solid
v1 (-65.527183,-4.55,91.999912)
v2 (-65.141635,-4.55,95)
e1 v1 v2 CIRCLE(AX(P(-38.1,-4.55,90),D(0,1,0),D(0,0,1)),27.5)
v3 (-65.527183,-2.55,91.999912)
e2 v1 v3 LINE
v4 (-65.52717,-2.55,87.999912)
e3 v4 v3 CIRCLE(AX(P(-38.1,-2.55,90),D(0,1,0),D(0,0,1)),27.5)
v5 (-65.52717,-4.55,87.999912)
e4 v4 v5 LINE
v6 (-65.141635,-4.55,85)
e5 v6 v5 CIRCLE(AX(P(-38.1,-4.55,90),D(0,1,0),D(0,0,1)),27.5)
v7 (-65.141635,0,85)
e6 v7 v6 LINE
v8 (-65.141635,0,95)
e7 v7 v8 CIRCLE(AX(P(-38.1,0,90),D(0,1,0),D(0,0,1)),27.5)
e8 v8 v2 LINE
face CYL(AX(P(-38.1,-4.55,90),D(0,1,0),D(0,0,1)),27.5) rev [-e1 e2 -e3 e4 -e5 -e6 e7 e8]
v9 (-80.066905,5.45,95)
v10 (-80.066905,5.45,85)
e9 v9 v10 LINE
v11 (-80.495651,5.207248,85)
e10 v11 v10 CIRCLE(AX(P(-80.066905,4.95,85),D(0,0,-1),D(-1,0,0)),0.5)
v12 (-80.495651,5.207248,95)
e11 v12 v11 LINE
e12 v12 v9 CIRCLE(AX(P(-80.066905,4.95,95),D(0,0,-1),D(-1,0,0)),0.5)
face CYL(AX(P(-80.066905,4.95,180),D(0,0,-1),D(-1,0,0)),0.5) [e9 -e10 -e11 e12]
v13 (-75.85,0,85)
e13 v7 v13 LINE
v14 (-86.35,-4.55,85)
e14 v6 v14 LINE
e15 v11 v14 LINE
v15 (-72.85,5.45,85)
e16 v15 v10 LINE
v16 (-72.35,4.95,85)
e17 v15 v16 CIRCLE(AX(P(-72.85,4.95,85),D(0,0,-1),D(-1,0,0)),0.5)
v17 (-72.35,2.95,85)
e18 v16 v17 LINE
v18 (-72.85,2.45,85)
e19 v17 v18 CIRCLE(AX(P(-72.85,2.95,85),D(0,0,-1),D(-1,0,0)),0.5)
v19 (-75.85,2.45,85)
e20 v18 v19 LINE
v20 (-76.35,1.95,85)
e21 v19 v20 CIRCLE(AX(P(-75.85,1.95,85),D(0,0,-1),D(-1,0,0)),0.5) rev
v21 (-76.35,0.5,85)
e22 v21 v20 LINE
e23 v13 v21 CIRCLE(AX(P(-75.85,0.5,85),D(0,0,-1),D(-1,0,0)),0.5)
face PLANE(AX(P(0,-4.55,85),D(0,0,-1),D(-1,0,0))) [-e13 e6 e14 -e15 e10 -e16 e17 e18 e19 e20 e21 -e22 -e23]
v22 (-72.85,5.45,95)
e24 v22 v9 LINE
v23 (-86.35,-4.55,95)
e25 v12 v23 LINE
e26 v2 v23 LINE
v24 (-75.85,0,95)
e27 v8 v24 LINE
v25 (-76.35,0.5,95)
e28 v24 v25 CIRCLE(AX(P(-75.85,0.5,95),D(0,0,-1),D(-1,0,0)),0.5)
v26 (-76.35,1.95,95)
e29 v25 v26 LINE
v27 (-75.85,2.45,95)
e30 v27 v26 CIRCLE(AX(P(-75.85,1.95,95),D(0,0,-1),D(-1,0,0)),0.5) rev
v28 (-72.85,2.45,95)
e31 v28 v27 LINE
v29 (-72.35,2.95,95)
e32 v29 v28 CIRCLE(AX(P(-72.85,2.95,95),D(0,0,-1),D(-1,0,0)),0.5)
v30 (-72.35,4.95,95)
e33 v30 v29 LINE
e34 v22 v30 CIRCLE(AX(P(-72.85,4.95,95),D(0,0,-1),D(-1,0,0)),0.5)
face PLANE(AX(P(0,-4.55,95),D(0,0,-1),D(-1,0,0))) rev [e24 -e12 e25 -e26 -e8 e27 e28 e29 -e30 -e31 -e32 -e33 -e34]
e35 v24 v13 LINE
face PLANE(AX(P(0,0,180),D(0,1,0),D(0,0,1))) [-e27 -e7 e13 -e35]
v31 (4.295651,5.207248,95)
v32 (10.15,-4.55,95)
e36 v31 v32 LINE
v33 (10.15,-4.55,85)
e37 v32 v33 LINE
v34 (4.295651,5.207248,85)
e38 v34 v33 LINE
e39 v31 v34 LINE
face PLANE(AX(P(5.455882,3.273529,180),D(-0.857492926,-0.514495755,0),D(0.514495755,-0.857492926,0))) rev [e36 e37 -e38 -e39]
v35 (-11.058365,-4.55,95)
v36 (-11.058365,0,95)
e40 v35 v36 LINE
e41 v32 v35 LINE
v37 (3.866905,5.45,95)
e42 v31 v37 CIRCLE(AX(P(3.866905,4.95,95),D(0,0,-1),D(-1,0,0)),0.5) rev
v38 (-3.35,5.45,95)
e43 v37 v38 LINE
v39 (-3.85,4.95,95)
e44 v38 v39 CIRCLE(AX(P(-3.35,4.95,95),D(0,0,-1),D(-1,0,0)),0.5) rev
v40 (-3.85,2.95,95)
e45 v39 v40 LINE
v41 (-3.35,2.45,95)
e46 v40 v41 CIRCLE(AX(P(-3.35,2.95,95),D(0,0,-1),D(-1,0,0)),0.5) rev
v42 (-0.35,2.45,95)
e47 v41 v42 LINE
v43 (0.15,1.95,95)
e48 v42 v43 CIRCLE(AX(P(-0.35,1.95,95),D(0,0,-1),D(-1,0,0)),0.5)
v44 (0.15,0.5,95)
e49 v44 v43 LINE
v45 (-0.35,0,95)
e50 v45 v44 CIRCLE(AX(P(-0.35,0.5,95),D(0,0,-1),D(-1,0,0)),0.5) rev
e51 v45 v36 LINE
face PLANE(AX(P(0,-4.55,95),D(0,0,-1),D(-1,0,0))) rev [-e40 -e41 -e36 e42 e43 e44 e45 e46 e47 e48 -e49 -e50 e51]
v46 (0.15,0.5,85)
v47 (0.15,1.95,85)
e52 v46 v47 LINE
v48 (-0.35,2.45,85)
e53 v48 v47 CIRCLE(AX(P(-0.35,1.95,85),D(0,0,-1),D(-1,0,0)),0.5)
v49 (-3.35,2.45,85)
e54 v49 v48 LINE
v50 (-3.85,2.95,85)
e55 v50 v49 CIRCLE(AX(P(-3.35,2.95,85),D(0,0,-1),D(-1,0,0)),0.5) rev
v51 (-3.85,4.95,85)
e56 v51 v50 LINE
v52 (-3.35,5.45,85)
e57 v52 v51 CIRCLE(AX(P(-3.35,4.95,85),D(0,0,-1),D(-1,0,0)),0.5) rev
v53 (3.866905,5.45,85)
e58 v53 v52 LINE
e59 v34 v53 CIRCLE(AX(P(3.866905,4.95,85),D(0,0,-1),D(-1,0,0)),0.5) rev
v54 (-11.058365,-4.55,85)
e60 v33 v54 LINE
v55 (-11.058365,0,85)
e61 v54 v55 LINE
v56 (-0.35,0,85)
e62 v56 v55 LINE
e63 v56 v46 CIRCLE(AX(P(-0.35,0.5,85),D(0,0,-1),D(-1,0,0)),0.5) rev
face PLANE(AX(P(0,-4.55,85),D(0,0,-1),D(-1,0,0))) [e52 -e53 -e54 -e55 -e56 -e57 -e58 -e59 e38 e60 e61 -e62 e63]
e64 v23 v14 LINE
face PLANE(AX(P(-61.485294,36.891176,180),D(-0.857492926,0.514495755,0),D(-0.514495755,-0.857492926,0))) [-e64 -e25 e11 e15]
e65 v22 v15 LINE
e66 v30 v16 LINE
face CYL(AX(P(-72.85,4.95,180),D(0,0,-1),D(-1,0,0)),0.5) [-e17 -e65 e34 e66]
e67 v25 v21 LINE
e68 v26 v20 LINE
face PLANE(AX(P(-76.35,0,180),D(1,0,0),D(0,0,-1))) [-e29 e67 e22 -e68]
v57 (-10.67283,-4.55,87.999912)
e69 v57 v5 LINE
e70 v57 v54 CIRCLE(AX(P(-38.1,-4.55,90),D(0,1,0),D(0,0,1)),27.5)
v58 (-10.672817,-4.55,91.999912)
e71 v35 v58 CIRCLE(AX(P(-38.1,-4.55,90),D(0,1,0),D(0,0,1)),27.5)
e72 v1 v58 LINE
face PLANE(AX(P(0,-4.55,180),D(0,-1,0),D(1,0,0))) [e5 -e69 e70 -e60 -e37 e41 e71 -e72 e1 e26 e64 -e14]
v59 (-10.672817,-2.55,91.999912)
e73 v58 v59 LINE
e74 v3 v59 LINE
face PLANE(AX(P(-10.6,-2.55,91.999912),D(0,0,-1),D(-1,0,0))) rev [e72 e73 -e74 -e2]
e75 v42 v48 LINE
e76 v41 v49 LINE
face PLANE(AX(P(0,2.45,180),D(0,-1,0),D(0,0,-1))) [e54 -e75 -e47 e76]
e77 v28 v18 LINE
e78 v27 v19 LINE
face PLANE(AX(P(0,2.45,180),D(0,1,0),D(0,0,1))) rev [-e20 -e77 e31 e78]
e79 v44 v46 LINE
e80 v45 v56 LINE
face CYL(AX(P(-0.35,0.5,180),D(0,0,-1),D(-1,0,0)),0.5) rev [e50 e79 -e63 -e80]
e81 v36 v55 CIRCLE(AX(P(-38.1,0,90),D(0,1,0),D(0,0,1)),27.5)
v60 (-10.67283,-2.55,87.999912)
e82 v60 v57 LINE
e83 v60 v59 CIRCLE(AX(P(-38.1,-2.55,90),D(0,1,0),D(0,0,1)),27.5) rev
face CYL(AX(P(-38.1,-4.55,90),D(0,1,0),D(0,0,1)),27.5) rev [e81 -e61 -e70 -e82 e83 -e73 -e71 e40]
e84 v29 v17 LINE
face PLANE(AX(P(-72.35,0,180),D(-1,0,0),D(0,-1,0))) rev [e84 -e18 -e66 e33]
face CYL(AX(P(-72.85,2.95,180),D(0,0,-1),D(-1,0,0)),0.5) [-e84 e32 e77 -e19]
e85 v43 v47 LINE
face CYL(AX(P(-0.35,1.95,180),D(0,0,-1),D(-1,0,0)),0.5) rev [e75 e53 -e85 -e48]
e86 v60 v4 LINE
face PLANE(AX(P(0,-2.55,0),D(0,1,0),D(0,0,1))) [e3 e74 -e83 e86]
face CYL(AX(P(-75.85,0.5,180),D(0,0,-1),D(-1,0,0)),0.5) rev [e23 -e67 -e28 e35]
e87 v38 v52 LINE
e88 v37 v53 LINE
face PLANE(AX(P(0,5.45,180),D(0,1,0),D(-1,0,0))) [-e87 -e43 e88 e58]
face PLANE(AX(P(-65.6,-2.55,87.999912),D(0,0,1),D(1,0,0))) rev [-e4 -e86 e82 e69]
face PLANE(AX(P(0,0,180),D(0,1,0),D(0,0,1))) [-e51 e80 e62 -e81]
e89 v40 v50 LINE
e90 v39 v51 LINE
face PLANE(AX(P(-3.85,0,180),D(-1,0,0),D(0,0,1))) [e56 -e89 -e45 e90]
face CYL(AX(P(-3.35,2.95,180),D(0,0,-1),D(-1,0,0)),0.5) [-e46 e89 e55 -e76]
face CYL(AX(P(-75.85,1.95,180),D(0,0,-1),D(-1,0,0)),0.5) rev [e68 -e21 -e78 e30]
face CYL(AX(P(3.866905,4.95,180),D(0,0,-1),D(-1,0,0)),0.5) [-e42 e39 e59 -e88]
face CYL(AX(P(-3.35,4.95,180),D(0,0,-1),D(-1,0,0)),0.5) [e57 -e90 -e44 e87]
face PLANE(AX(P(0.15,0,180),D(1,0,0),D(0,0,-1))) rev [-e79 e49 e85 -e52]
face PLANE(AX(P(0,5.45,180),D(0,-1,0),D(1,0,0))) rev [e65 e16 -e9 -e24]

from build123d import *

# Parameters (mm, degrees)
BOSS_EXTRUDE1_DEPTH     = 180
SKETCH2_W               = 91.04
SKETCH2_H               = 5.45
CUT_EXTRUDE1_DEPTH      = 30
SKETCH3_W               = 91.04
SKETCH3_H               = 5.45
CUT_EXTRUDE2_DEPTH      = 30
FILLET1_R               = 1
FILLET2_R               = 1
FILLET3_R               = 1
CUT_EXTRUDE3_DEPTH      = 200.714859237
CUT_EXTRUDE3_DEPTH_BACK = 200.714859237
SKETCH4_R               = 4
SKETCH4_R_2             = 27.5
CUT_EXTRUDE4_DEPTH      = 200.890776426
CUT_EXTRUDE4_DEPTH_BACK = 200.890776426
SKETCH6_W               = 96.5
SKETCH6_H               = 85
SKETCH7_W               = 55
SKETCH7_H               = 4
BOSS_EXTRUDE3_DEPTH     = 2


with BuildPart() as part:
    # Sketch1 → Boss-Extrude1 (new body)
    with BuildSketch(Plane.XY):
        with BuildLine():
            Line((-76.35, 0.5), (-76.35, 1.95))
            ThreePointArc((-76.35, 1.95), (-76.203553391, 2.303553391), (-75.85, 2.45))
            Line((-75.85, 2.45), (-72.85, 2.45))
            ThreePointArc((-72.85, 2.45), (-72.496446609, 2.596446609), (-72.35, 2.95))
            Line((-72.35, 2.95), (-72.35, 4.95))
            ThreePointArc((-72.35, 4.95), (-72.496446609, 5.303553391), (-72.85, 5.45))
            Line((-72.85, 5.45), (-79.85, 5.45))
            Line((-79.85, 5.45), (-80.066904811, 5.45))
            ThreePointArc((-80.066904811, 5.45), (-80.313254218, 5.385099953), (-80.495651273, 5.207247878))
            Line((-80.495651273, 5.207247878), (-86.35, -4.55))
            Line((-86.35, -4.55), (-80.35, -4.55))
            Line((-80.35, -4.55), (-79.85, -4.55))
            Line((-79.85, -4.55), (-38.1, -4.55))
            Line((-38.1, -4.55), (-38.1, 0))
            Line((-38.1, 0), (-75.85, 0))
            ThreePointArc((-75.85, 0), (-76.203553391, 0.146446609), (-76.35, 0.5))
        make_face()
        with BuildLine():
            Line((-0.35, 0), (-38.1, 0))
            Line((-38.1, 0), (-38.1, -4.55))
            Line((-38.1, -4.55), (3.65, -4.55))
            Line((3.65, -4.55), (4.15, -4.55))
            Line((4.15, -4.55), (10.15, -4.55))
            Line((10.15, -4.55), (4.295651273, 5.207247878))
            ThreePointArc((4.295651273, 5.207247878), (4.113254218, 5.385099953), (3.866904811, 5.45))
            Line((3.866904811, 5.45), (3.65, 5.45))
            Line((3.65, 5.45), (-3.35, 5.45))
            ThreePointArc((-3.35, 5.45), (-3.703553391, 5.303553391), (-3.85, 4.95))
            Line((-3.85, 4.95), (-3.85, 2.95))
            ThreePointArc((-3.85, 2.95), (-3.703553391, 2.596446609), (-3.35, 2.45))
            Line((-3.35, 2.45), (-0.35, 2.45))
            ThreePointArc((-0.35, 2.45), (0.003553391, 2.303553391), (0.15, 1.95))
            Line((0.15, 1.95), (0.15, 0.5))
            ThreePointArc((0.15, 0.5), (0.003553391, 0.146446609), (-0.35, 0))
        make_face()
    extrude(amount=BOSS_EXTRUDE1_DEPTH)

    # Sketch2 → Cut-Extrude1 (cut)
    with BuildSketch(Plane.XY.offset(180)):
        with Locations((-38.1, 2.725)):
            Rectangle(SKETCH2_W, SKETCH2_H)
    extrude(amount=-CUT_EXTRUDE1_DEPTH, mode=Mode.SUBTRACT)

    # Sketch3 → Cut-Extrude2 (cut)
    with BuildSketch(Plane(origin=(0, 0, 0), x_dir=(-1, 0, 0), z_dir=(0, 0, -1))):
        with Locations((38.1, 2.725)):
            Rectangle(SKETCH3_W, SKETCH3_H)
    extrude(amount=-CUT_EXTRUDE2_DEPTH, mode=Mode.SUBTRACT)

    # Fillet1
    fillet1_edges = [part.edges().sort_by_distance(p)[0] for p in [
        (-79.735, 0, 150),
    ]]
    fillet(fillet1_edges, radius=FILLET1_R)

    # Fillet2
    fillet2_edges = [part.edges().sort_by_distance(p)[0] for p in [
        (3.535, 0, 150),
    ]]
    fillet(fillet2_edges, radius=FILLET2_R)

    # Fillet3
    fillet3_edges = [part.edges().sort_by_distance(p)[0] for p in [
        (-79.735, 0, 30),
        (3.535, 0, 30),
    ]]
    fillet(fillet3_edges, radius=FILLET3_R)

    # Sketch4 → Cut-Extrude3 (cut, two sides: drawn at the far end of the back side and taken through both)
    with BuildSketch(Plane(origin=(0, 0, 0), x_dir=(1, 0, 0), z_dir=(0, 1, 0)).offset(-CUT_EXTRUDE3_DEPTH_BACK)):
        with BuildLine():
            Line((-28.1, -38), (-28.1, -2))
            ThreePointArc((-28.1, -2), (-27.514213562, -0.585786438), (-26.1, 0))
            Line((-26.1, 0), (-50.1, 0))
            ThreePointArc((-50.1, 0), (-48.685786438, -0.585786438), (-48.1, -2))
            Line((-48.1, -2), (-48.1, -38))
            ThreePointArc((-48.1, -38), (-47.514213562, -39.414213562), (-46.1, -40))
            Line((-46.1, -40), (-30.1, -40))
            ThreePointArc((-30.1, -40), (-28.685786438, -39.414213562), (-28.1, -38))
        make_face()
        with Locations(Location((-75.35, -10, 0), (0, 0, 270))):
            Circle(SKETCH4_R)
        with Locations(Location((-61.35, -20, 0), (0, 0, 270))):
            Circle(SKETCH4_R)
        with Locations(Location((-14.85, -20, 0), (0, 0, 270))):
            Circle(SKETCH4_R)
        with Locations(Location((-0.85, -10, 0), (0, 0, 270))):
            Circle(SKETCH4_R)
        with Locations(Location((-38.1, -90, 0), (0, 0, 270))):
            Circle(SKETCH4_R_2)
        with BuildLine():
            ThreePointArc((-30.1, -140), (-28.685786438, -140.585786438), (-28.1, -142))
            Line((-28.1, -142), (-28.1, -178))
            ThreePointArc((-28.1, -178), (-27.514213562, -179.414213562), (-26.1, -180))
            Line((-26.1, -180), (-50.1, -180))
            ThreePointArc((-50.1, -180), (-48.685786438, -179.414213562), (-48.1, -178))
            Line((-48.1, -178), (-48.1, -142))
            ThreePointArc((-48.1, -142), (-47.514213562, -140.585786438), (-46.1, -140))
            Line((-46.1, -140), (-30.1, -140))
        make_face()
        with Locations(Location((-61.35, -160, 0), (0, 0, 270))):
            Circle(SKETCH4_R)
        with Locations(Location((-75.35, -170, 0), (0, 0, 270))):
            Circle(SKETCH4_R)
        with Locations(Location((-14.85, -160, 0), (0, 0, 270))):
            Circle(SKETCH4_R)
        with Locations(Location((-0.85, -170, 0), (0, 0, 270))):
            Circle(SKETCH4_R)
    extrude(amount=CUT_EXTRUDE3_DEPTH + CUT_EXTRUDE3_DEPTH_BACK, mode=Mode.SUBTRACT)

    # Sketch6 → Cut-Extrude4 (cut, two sides: drawn at the far end of the back side and taken through both)
    with BuildSketch(Plane(origin=(0, 5.45, 0), x_dir=(1, 0, 0), z_dir=(0, 1, 0)).offset(-CUT_EXTRUDE4_DEPTH_BACK)):
        with Locations((-38.1, -137.5)):
            Rectangle(SKETCH6_W, SKETCH6_H)
        with Locations((-38.1, -42.5)):
            Rectangle(SKETCH6_W, SKETCH6_H)
    extrude(amount=CUT_EXTRUDE4_DEPTH + CUT_EXTRUDE4_DEPTH_BACK, mode=Mode.SUBTRACT)


with BuildPart() as cut_extrude4_piece_1:
    # of the separate pieces the step leaves, piece 1, a body of its own (cut_extrude4_pieces)
    add(part.part.solids().sort_by_distance((-0.35, 0, 85))[0])



with BuildPart() as cut_extrude4_piece_2:
    # of the separate pieces the step leaves, piece 2, a body of its own (cut_extrude4_pieces)
    add(part.part.solids().sort_by_distance((-65.141634566, 0, 85))[0])


with BuildPart() as cut_extrude4_piece_1_1:
    add(cut_extrude4_piece_1.part)

    add(cut_extrude4_piece_2.part)  # Boss-Extrude3 merges Cut-Extrude4 piece 2
    # Sketch7 → Boss-Extrude3 (add)
    with BuildSketch(Plane(origin=(0, -4.55, 0), x_dir=(1, 0, 0), z_dir=(0, 1, 0))):
        with Locations((-38.1, -89.999911505)):
            Rectangle(SKETCH7_W, SKETCH7_H)
    extrude(amount=BOSS_EXTRUDE3_DEPTH)


solid = cut_extrude4_piece_1_1.part
